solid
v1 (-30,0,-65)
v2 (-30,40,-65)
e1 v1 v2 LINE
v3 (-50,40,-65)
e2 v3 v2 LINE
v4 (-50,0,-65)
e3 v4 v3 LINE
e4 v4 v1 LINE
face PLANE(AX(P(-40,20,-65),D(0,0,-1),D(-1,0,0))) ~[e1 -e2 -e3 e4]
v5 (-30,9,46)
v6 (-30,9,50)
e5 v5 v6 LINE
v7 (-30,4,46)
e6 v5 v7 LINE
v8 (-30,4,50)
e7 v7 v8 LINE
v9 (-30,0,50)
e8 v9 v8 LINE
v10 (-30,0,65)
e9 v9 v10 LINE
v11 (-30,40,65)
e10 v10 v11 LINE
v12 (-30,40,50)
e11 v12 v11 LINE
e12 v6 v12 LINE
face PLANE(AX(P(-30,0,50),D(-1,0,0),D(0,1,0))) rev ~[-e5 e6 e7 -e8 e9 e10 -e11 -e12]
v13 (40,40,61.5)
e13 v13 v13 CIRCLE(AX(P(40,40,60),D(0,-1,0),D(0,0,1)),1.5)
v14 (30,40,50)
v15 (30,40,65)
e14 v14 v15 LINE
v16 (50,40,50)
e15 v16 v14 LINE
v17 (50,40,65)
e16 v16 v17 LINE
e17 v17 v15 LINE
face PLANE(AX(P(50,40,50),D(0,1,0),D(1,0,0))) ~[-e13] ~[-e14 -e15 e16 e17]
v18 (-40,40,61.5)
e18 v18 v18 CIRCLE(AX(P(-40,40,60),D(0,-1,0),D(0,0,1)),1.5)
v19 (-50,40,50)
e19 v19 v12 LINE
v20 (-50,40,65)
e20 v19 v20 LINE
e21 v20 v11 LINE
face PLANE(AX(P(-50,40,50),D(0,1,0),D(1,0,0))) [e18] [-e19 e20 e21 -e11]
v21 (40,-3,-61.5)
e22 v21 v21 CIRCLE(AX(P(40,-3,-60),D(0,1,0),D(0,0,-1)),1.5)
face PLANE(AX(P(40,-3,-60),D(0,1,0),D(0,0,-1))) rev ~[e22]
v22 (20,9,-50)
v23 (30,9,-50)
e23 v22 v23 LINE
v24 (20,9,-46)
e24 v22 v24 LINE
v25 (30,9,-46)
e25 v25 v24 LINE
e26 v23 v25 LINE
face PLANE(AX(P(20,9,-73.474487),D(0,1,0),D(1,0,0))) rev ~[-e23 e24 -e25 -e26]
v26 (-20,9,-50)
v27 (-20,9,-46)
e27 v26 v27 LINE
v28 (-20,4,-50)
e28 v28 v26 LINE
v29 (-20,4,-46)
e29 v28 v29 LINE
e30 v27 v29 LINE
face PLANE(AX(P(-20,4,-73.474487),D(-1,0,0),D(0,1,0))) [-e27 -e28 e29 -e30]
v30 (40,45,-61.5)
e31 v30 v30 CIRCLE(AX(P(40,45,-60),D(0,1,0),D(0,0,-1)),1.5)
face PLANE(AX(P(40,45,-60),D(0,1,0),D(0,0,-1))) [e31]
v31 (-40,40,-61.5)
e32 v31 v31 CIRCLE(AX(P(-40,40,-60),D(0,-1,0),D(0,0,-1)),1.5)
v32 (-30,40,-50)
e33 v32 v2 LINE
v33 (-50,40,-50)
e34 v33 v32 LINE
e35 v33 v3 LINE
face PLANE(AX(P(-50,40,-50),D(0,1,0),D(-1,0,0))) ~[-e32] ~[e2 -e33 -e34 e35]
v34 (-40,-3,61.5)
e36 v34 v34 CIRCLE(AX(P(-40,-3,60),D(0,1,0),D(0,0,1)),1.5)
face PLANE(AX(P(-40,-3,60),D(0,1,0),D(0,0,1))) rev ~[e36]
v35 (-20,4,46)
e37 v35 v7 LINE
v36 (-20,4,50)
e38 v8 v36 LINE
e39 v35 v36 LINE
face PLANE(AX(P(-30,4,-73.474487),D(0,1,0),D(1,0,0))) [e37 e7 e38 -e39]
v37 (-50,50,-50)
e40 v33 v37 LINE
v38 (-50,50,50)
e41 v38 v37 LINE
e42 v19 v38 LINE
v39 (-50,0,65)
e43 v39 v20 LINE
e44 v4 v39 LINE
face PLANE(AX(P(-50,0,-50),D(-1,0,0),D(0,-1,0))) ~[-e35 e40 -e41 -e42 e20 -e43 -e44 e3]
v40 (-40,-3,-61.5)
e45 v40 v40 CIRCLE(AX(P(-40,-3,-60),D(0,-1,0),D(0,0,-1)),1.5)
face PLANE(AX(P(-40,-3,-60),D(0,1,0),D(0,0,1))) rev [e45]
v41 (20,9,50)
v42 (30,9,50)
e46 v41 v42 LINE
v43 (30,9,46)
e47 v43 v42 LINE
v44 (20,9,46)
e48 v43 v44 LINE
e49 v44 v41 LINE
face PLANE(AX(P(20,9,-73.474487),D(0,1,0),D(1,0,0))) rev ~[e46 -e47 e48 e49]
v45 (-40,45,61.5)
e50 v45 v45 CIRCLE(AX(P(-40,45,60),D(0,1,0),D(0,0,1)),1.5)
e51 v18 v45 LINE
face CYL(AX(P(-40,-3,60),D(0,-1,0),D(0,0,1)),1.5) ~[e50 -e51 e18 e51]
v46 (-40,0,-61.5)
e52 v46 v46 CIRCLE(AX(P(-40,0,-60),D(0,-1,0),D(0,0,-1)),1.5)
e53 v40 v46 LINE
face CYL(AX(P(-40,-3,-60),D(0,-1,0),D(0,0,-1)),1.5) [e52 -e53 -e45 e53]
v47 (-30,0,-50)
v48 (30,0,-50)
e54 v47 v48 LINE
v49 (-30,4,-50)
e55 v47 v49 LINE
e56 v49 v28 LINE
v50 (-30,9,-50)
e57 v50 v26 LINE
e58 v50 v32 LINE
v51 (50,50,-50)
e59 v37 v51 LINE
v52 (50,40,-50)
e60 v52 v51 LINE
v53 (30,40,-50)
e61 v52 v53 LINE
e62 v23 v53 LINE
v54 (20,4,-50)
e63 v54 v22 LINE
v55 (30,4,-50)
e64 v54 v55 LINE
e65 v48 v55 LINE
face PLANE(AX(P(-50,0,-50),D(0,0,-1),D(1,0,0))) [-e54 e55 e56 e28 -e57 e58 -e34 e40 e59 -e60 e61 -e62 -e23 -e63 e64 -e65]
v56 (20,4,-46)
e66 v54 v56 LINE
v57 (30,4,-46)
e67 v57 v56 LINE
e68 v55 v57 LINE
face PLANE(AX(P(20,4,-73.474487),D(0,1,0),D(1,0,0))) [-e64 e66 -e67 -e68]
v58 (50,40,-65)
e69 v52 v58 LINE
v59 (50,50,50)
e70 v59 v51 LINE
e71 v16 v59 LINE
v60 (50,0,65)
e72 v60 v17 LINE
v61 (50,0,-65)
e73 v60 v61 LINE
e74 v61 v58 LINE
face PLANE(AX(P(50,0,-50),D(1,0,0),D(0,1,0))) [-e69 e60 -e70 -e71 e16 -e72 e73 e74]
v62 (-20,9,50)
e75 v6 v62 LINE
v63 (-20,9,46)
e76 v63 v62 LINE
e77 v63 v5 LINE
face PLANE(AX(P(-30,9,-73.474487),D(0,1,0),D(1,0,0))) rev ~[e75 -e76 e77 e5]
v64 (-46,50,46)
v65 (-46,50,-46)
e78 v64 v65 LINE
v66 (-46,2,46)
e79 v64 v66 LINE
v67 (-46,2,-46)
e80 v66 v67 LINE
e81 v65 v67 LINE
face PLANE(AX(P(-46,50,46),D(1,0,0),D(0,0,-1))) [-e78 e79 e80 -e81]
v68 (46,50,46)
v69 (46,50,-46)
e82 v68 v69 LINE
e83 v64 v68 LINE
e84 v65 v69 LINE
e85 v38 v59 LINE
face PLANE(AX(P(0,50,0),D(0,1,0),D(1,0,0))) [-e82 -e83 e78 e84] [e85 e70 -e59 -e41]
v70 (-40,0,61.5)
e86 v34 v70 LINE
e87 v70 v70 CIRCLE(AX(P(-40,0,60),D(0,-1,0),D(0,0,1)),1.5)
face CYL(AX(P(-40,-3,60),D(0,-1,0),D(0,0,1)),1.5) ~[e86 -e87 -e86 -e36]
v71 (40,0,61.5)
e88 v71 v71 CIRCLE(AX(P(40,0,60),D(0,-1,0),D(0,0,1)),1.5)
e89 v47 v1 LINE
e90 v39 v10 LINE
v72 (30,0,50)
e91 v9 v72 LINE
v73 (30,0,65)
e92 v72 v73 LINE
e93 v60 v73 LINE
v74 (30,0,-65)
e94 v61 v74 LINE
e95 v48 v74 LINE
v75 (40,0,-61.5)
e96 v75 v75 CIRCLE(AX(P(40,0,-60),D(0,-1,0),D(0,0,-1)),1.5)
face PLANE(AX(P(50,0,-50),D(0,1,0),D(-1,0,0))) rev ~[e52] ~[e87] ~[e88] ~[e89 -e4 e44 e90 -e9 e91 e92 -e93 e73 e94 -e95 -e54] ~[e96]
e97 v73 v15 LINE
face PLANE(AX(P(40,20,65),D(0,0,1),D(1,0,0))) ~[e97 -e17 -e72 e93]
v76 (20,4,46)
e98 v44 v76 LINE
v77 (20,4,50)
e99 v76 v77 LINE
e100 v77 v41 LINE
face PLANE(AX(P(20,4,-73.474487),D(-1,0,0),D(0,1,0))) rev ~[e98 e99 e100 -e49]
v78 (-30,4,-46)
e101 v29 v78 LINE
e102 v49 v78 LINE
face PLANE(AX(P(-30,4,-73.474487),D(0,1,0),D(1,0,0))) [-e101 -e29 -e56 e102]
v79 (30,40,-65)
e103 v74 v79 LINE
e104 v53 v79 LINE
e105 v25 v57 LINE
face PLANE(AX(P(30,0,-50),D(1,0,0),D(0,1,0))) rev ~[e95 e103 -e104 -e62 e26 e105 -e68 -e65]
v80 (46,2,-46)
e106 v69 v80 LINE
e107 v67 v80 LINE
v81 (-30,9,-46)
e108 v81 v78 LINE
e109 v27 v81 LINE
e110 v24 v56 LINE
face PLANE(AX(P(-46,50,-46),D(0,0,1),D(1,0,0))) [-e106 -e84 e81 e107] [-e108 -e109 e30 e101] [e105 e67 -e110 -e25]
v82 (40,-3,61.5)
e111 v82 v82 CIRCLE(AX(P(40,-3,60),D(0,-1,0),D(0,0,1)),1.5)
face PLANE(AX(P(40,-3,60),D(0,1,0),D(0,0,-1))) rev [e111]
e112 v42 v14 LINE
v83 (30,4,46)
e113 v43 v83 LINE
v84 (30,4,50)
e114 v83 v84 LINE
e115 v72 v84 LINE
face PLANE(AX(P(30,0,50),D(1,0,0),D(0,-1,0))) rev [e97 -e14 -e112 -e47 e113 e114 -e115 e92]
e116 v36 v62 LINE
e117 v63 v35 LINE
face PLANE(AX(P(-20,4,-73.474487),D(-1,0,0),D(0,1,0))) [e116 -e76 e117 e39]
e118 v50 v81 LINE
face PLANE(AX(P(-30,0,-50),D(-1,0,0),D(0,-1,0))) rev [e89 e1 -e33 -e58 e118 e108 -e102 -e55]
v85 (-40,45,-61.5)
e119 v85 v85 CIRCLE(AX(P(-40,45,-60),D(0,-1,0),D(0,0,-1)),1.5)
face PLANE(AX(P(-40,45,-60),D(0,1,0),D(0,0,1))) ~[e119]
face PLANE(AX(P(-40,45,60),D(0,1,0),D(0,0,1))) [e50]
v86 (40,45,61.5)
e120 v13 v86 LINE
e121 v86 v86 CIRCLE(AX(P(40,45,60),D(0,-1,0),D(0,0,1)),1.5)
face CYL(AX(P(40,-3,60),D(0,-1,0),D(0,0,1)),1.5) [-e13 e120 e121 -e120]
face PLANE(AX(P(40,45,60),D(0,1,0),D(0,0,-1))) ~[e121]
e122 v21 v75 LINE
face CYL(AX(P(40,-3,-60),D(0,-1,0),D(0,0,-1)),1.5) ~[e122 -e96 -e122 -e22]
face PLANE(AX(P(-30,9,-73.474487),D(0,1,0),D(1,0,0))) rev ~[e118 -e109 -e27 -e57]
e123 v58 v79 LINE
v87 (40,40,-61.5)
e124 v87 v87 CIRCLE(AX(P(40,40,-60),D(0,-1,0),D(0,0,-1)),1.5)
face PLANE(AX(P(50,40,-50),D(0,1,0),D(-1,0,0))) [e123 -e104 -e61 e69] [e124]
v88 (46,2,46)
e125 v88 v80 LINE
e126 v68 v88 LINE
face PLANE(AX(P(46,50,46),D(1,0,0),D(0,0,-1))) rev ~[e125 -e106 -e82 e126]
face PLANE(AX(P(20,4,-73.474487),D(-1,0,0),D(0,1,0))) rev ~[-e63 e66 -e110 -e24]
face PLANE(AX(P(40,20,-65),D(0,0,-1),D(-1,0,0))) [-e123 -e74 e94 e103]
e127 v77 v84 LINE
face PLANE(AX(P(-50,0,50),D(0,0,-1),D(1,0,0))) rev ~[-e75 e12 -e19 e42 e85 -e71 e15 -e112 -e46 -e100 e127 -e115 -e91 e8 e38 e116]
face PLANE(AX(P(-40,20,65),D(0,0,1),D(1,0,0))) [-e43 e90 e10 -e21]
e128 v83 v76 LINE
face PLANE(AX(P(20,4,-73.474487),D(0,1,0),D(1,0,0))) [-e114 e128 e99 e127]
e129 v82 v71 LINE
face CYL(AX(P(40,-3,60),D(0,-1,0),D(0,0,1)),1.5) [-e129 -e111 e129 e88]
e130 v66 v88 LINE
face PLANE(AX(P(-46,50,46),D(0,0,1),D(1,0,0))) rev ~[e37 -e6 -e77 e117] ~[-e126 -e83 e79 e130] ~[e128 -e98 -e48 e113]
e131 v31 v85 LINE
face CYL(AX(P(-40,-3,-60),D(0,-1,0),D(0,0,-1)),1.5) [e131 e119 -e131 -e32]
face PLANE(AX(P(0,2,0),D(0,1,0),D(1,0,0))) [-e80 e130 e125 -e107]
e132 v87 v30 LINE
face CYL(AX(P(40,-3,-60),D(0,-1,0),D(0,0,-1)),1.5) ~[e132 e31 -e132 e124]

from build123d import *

# Parameters (mm, degrees)
SKETCH1_W               = 100
SKETCH1_H               = 100
BOSS_EXTRUDE1_DEPTH     = 50
SKETCH2_W               = 92
SKETCH2_H               = 92
CUT_EXTRUDE1_DEPTH      = 48
CUT_EXTRUDE2_DEPTH      = 123.474487139
CUT_EXTRUDE2_DEPTH_BACK = 123.474487139
SKETCH6_W               = 10
SKETCH6_H               = 5
SKETCH3_W               = 20
SKETCH3_H               = 40
BOSS_EXTRUDE2_DEPTH     = 15
BOSS_EXTRUDE3_START     = -43
SKETCH5_R               = 1.5
BOSS_EXTRUDE3_DEPTH     = 48
MIRROR2_COPY_1_SKETCH_W = 20
MIRROR2_COPY_1_SKETCH_H = 40
MIRROR2_COPY_1_DEPTH    = 15
MIRROR2_START           = -43
MIRROR2_COPY_2_SKETCH_R = 1.5
MIRROR2_COPY_2_DEPTH    = 48


with BuildPart() as part:
    # Sketch1 → Boss-Extrude1 (new body)
    with BuildSketch(Plane(origin=(0, 0, 0), x_dir=(1, 0, 0), z_dir=(0, 1, 0))):
        Rectangle(SKETCH1_W, SKETCH1_H)
    extrude(amount=BOSS_EXTRUDE1_DEPTH)

    # Sketch2 → Cut-Extrude1 (cut)
    with BuildSketch(Plane(origin=(0, 50, 0), x_dir=(1, 0, 0), z_dir=(0, 1, 0))):
        Rectangle(SKETCH2_W, SKETCH2_H)
    extrude(amount=-CUT_EXTRUDE1_DEPTH, mode=Mode.SUBTRACT)

    # Sketch6 → Cut-Extrude2 (cut, two sides: drawn at the far end of the back side and taken through both)
    with BuildSketch(Plane.XY.offset(50).offset(-CUT_EXTRUDE2_DEPTH_BACK)):
        with Locations((-25, 6.5)):
            Rectangle(SKETCH6_W, SKETCH6_H)
        with Locations((25, 6.5)):
            Rectangle(SKETCH6_W, SKETCH6_H)
    extrude(amount=CUT_EXTRUDE2_DEPTH + CUT_EXTRUDE2_DEPTH_BACK, mode=Mode.SUBTRACT)

    # Sketch3 → Boss-Extrude2 (add)
    with BuildSketch(Plane.XY.offset(50)):
        with Locations((-40, 20)):
            Rectangle(SKETCH3_W, SKETCH3_H)
    boss_extrude2 = extrude(amount=BOSS_EXTRUDE2_DEPTH)

    # Sketch5 → Boss-Extrude3 (add)
    with BuildSketch(Plane(origin=(0, 40, 0), x_dir=(1, 0, 0), z_dir=(0, 1, 0)).offset(BOSS_EXTRUDE3_START)):
        with Locations(Location((-40, -60, 0), (0, 0, 270))):
            Circle(SKETCH5_R)
    boss_extrude3 = extrude(amount=BOSS_EXTRUDE3_DEPTH)

    # Mirror1: Boss-Extrude2, Boss-Extrude3 across plane
    add(boss_extrude2.mirror(Plane.ZY))
    add(boss_extrude3.mirror(Plane.ZY))

    # Mirror2: Boss-Extrude2, Boss-Extrude3 across plane
    add(boss_extrude2.mirror(Plane(origin=(0, 0, 0), x_dir=(1, 0, 0), z_dir=(0, 0, -1))))
    add(boss_extrude3.mirror(Plane(origin=(0, 0, 0), x_dir=(1, 0, 0), z_dir=(0, 0, -1))))

    # Mirror2 copy 1 sketch → Mirror2 copy 1 (add)
    with BuildSketch(Plane(origin=(0, 0, -50), x_dir=(-1, 0, 0), z_dir=(0, 0, -1))):
        with Locations((-40, 20)):
            Rectangle(MIRROR2_COPY_1_SKETCH_W, MIRROR2_COPY_1_SKETCH_H)
    extrude(amount=MIRROR2_COPY_1_DEPTH)

    # Mirror2 copy 2 sketch → Mirror2 copy 2 (add)
    with BuildSketch(Plane(origin=(0, 40, 0), x_dir=(-1, 0, 0), z_dir=(0, 1, 0)).offset(MIRROR2_START)):
        with Locations(Location((-40, -60, 0), (0, 0, 270))):
            Circle(MIRROR2_COPY_2_SKETCH_R)
    extrude(amount=MIRROR2_COPY_2_DEPTH)


solid = part.part
